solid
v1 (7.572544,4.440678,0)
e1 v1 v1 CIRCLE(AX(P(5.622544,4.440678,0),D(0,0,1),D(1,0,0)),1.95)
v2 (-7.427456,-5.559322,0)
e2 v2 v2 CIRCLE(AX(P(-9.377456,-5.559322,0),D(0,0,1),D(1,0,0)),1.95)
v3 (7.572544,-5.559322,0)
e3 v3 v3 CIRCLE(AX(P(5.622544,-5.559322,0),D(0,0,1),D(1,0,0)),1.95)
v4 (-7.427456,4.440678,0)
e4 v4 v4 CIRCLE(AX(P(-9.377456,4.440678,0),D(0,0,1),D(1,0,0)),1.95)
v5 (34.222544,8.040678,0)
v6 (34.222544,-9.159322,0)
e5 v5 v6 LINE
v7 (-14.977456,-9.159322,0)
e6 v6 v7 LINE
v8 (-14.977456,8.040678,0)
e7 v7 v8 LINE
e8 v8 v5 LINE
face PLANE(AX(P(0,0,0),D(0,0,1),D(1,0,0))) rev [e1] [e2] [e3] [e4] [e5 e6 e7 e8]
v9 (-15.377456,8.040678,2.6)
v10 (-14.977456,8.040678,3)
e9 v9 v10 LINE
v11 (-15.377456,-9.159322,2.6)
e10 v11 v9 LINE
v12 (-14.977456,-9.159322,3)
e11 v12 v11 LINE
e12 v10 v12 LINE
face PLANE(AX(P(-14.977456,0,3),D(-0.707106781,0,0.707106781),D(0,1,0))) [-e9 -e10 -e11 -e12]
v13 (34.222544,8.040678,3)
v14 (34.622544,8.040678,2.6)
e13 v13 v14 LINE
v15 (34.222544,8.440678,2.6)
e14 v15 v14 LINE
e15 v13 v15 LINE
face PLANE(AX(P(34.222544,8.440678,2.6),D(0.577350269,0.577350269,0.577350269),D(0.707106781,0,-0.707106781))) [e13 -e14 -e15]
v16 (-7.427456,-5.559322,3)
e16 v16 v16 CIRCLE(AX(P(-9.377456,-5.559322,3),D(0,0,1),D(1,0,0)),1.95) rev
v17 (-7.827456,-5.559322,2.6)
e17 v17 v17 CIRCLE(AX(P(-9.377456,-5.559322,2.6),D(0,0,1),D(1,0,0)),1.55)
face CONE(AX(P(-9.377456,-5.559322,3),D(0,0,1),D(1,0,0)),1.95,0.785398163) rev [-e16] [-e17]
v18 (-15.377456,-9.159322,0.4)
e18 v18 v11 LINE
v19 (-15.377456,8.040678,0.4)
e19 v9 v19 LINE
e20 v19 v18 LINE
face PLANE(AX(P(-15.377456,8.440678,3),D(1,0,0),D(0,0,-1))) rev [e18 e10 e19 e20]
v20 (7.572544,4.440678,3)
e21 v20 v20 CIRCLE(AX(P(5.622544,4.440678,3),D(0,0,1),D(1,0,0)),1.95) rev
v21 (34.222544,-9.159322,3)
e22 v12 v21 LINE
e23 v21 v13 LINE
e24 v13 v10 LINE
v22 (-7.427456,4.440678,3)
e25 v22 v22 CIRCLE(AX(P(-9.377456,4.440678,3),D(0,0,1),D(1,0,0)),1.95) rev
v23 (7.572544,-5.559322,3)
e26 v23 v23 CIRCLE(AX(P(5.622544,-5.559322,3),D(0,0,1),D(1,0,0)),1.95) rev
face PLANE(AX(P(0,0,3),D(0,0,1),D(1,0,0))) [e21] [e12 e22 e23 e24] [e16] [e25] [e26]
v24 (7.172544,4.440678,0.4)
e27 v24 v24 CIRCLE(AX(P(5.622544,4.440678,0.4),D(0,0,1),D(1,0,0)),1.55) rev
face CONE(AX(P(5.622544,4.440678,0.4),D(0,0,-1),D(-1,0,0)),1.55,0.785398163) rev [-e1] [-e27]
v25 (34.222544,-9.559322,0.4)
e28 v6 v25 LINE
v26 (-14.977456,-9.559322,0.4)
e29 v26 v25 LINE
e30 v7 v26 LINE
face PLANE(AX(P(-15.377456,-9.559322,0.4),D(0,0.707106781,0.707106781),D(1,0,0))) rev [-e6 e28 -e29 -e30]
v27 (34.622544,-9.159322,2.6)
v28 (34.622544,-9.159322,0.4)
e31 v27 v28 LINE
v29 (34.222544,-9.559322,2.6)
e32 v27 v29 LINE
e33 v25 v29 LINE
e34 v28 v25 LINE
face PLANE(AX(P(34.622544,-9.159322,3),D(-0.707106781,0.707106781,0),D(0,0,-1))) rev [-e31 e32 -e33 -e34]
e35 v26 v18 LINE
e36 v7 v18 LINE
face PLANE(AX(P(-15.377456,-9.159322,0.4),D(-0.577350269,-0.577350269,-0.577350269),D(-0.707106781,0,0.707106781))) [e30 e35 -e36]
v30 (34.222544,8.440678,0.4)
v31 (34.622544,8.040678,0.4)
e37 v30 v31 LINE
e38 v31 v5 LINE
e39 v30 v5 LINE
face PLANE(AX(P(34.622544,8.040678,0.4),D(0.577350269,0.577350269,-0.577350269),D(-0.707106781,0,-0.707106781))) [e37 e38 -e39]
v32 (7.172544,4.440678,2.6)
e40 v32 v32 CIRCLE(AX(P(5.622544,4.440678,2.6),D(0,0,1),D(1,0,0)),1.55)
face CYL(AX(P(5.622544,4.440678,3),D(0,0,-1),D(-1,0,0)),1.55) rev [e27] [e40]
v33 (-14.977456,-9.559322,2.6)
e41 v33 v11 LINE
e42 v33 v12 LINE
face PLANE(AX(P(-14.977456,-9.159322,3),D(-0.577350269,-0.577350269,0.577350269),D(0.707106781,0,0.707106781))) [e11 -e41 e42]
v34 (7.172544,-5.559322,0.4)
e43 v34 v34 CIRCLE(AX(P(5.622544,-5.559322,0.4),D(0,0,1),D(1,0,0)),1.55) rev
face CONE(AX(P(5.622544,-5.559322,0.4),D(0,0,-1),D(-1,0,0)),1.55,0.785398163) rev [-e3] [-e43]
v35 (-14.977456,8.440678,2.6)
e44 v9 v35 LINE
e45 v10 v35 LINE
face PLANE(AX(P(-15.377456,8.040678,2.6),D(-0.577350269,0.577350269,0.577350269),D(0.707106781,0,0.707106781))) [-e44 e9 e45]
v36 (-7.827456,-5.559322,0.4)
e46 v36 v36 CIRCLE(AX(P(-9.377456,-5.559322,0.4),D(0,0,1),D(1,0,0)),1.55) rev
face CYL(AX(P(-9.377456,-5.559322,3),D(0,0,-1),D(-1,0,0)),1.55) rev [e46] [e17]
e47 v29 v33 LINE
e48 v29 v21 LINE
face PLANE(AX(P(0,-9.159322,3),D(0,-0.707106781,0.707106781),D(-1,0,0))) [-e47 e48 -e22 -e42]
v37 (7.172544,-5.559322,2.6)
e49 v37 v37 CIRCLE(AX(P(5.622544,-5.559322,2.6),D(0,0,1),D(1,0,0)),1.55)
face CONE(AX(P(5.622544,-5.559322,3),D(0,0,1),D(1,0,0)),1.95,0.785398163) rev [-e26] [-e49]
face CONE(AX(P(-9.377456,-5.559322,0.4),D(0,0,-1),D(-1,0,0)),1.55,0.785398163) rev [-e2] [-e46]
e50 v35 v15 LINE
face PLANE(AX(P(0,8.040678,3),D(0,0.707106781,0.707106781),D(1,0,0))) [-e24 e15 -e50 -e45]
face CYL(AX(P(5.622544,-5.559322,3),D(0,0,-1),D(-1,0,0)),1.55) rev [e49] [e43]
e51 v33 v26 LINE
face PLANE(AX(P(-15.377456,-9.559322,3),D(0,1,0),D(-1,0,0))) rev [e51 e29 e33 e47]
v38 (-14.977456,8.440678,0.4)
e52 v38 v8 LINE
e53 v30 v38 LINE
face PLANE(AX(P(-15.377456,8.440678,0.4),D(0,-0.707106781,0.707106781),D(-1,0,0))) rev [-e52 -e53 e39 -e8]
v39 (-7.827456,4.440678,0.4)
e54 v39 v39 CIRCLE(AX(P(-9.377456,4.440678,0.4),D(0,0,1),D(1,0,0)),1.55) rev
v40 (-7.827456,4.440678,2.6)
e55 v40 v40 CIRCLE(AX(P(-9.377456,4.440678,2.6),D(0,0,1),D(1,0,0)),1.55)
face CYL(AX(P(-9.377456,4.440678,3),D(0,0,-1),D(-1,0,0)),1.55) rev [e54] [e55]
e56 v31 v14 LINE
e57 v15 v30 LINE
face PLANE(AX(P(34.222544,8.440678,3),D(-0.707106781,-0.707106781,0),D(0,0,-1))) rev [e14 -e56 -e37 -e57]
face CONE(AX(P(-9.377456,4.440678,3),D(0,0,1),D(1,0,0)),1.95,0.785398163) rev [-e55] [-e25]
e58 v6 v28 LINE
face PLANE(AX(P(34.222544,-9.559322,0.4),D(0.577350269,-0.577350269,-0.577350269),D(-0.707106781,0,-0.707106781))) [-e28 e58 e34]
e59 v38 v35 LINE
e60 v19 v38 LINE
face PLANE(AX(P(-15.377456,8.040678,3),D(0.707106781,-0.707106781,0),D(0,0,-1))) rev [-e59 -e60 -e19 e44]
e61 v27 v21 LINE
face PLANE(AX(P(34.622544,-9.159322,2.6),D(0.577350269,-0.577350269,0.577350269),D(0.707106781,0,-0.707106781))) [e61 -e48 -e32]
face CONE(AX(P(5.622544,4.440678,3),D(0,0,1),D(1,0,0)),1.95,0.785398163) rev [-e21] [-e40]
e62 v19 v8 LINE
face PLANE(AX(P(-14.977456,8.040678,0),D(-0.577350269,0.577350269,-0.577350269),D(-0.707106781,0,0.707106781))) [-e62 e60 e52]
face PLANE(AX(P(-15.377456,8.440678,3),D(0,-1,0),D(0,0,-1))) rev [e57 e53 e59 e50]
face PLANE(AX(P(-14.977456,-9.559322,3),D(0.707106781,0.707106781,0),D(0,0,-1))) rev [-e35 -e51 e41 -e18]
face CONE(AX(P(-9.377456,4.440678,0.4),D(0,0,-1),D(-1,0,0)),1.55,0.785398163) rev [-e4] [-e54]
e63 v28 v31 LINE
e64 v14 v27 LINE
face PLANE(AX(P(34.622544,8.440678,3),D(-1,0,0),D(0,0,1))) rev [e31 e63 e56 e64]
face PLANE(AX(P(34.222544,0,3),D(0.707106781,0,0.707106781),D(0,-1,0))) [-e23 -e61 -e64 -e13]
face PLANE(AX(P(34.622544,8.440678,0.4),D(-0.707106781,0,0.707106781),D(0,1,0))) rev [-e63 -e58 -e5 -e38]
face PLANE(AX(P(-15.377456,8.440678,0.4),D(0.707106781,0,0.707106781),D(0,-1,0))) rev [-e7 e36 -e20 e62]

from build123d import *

# Parameters (mm, degrees)
SKIZZE1_W                       = 50
SKIZZE1_H                       = 18
AUFSATZ_LINEAR_AUSTRAGEN1_DEPTH = 3
SKIZZE2_R                       = 1.55
SCHNITT_LINEAR_AUSTRAGEN1_DEPTH = 37.043046724
FASE1_SIZE                      = 0.4


with BuildPart() as part:
    # Skizze1 → Aufsatz-Linear austragen1 (new body)
    with BuildSketch(Plane.XY):
        with Locations((9.62254438, -0.559322034)):
            Rectangle(SKIZZE1_W, SKIZZE1_H)
    extrude(amount=AUFSATZ_LINEAR_AUSTRAGEN1_DEPTH)

    # Skizze2 → Schnitt-Linear austragen1 (cut, through all)
    with BuildSketch(Plane(origin=(0, 0, 0), x_dir=(-1, 0, 0), z_dir=(0, 0, -1))):
        with Locations((9.37745562, 4.440677966)):
            Circle(SKIZZE2_R)
        with Locations((-5.62254438, 4.440677966)):
            Circle(SKIZZE2_R)
        with Locations((-5.62254438, -5.559322034)):
            Circle(SKIZZE2_R)
        with Locations((9.37745562, -5.559322034)):
            Circle(SKIZZE2_R)
    extrude(amount=-SCHNITT_LINEAR_AUSTRAGEN1_DEPTH, mode=Mode.SUBTRACT)

    # Fase1
    fase1_edges = [part.edges().sort_by_distance(p)[0] for p in [
        (34.62254438, -0.559322034, 3),
        (9.62254438, 8.440677966, 3),
        (-7.82745562, -5.559322034, 3),
        (-7.82745562, -5.559322034, 0),
        (7.17254438, -5.559322034, 3),
        (7.17254438, -5.559322034, 0),
        (7.17254438, 4.440677966, 3),
        (7.17254438, 4.440677966, 0),
        (-7.82745562, 4.440677966, 3),
        (-7.82745562, 4.440677966, 0),
        (-15.37745562, -0.559322034, 3),
        (9.62254438, 8.440677966, 0),
        (34.62254438, -0.559322034, 0),
        (9.62254438, -9.559322034, 0),
        (-15.37745562, -0.559322034, 0),
        (-15.37745562, 8.440677966, 1.5),
        (34.62254438, 8.440677966, 1.5),
        (34.62254438, -9.559322034, 1.5),
        (-15.37745562, -9.559322034, 1.5),
        (9.62254438, -9.559322034, 3),
    ]]
    chamfer(fase1_edges, length=FASE1_SIZE)


solid = part.part
